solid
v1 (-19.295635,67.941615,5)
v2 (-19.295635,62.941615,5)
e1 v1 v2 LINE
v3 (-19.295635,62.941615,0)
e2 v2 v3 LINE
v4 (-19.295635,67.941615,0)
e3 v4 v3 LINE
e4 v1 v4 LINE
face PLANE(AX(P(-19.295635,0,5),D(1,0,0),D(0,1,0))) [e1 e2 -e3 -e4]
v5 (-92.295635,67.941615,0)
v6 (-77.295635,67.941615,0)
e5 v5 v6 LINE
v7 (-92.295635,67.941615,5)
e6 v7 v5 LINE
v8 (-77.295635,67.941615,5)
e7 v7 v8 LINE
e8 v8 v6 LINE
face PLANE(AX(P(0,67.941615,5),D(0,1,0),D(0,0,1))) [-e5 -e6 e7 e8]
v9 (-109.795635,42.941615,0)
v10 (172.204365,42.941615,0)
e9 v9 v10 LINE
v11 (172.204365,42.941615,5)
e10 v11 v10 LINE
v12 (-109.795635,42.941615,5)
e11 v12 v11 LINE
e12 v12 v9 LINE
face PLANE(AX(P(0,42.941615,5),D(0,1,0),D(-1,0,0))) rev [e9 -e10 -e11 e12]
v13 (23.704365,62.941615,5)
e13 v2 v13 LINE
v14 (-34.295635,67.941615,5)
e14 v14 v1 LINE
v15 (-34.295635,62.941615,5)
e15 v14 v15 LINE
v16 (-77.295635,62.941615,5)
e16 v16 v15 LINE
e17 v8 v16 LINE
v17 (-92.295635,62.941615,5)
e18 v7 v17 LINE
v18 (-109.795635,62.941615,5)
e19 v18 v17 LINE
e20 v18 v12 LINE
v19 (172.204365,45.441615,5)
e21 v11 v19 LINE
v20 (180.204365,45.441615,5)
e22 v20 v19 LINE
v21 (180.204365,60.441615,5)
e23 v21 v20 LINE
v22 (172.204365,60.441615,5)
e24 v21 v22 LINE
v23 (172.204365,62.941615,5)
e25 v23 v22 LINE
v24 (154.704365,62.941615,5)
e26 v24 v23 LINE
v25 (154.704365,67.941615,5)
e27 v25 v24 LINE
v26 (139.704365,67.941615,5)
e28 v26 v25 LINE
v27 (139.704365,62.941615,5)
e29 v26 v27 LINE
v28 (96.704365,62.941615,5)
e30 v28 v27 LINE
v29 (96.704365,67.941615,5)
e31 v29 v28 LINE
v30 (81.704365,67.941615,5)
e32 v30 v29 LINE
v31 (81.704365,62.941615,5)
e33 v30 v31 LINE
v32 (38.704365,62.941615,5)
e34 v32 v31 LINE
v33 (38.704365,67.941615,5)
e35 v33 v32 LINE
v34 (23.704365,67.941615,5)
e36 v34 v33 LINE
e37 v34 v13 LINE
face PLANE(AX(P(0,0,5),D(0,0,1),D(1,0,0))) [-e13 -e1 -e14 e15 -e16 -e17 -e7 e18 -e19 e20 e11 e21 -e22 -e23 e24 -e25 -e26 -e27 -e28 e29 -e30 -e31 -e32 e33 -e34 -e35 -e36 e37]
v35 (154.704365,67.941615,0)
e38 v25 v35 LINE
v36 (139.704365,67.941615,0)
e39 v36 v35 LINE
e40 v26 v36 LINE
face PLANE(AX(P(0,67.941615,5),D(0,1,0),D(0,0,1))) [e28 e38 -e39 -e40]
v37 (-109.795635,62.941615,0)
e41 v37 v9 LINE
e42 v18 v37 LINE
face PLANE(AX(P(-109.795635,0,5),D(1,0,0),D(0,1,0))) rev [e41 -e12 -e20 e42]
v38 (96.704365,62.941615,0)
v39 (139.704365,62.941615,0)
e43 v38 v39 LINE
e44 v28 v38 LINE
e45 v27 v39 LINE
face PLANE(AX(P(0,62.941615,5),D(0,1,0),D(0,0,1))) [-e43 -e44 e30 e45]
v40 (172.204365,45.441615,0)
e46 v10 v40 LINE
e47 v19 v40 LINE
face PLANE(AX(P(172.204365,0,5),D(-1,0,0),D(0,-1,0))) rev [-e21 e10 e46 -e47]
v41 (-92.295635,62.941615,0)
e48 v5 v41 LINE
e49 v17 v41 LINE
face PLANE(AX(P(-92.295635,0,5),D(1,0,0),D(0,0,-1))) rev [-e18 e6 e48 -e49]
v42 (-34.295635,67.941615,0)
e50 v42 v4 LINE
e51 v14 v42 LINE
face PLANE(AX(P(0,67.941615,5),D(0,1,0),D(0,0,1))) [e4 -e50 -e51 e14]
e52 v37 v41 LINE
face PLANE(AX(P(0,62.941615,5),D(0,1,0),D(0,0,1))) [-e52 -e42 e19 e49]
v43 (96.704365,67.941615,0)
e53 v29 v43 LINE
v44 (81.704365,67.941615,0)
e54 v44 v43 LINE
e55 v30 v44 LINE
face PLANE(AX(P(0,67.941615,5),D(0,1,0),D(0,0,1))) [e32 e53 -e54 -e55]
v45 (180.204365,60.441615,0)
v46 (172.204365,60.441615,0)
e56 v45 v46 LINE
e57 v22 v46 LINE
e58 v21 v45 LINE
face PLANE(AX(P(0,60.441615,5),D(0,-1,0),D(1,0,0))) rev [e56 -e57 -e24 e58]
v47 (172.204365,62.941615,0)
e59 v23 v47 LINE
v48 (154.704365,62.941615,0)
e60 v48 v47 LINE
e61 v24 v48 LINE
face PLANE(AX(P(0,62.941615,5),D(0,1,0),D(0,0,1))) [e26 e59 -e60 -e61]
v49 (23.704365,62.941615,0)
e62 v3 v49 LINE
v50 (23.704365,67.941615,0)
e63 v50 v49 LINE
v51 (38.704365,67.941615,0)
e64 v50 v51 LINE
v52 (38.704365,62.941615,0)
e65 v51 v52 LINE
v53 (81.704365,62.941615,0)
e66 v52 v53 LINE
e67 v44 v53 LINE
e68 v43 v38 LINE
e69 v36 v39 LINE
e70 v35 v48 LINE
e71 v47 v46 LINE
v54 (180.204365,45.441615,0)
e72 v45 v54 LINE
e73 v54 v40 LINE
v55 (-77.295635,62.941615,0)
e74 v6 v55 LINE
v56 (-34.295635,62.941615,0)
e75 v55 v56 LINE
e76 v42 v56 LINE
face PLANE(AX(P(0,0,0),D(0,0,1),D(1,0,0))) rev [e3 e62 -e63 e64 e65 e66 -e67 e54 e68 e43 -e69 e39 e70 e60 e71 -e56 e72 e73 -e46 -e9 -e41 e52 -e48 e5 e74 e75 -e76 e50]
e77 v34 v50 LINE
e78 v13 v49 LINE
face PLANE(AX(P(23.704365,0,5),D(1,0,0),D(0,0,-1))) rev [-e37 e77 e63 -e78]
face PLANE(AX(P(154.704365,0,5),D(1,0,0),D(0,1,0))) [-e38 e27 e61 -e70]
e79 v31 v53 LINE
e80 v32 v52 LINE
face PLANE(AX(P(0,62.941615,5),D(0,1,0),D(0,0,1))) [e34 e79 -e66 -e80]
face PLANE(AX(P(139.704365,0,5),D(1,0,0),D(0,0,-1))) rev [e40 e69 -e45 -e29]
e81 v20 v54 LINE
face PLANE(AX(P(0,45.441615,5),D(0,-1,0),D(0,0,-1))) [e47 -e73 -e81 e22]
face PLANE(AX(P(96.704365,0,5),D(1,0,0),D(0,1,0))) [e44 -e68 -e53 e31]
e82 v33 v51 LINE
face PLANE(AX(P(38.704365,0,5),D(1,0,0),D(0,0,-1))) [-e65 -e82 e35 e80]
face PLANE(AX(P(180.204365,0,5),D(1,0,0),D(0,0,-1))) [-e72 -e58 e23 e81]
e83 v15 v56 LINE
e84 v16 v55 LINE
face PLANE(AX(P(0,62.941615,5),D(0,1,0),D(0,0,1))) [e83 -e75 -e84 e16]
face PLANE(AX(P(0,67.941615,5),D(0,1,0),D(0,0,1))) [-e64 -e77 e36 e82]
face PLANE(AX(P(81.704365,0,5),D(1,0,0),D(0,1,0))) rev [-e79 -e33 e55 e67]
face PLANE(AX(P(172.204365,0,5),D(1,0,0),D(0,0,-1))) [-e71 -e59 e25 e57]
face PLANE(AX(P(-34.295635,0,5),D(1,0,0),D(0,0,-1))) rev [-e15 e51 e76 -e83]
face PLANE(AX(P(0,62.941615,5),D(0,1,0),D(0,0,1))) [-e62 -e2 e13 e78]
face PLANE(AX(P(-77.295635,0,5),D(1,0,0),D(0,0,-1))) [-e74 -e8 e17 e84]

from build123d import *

# Parameters (mm, degrees)
BOSS_EXTRU_2_DEPTH = 5


with BuildPart() as part:
    # Esquisse1 → Boss.-Extru.2 (new body)
    with BuildSketch(Plane.XY):
        Polygon((-77.295634555, 67.941614749), (-92.295634555, 67.941614749), (-92.295634555, 62.941614749), (-109.795634555, 62.941614749), (-109.795634555, 42.941614749), (172.204365445, 42.941614749), (172.204365445, 45.441614749), (180.204365445, 45.441614749), (180.204365445, 60.441614749), (172.204365445, 60.441614749), (172.204365445, 62.941614749), (154.704365445, 62.941614749), (154.704365445, 67.941614749), (139.704365445, 67.941614749), (139.704365445, 62.941614749), (96.704365445, 62.941614749), (96.704365445, 67.941614749), (81.704365445, 67.941614749), (81.704365445, 62.941614749), (38.704365445, 62.941614749), (38.704365445, 67.941614749), (23.704365445, 67.941614749), (23.704365445, 62.941614749), (-19.295634555, 62.941614749), (-19.295634555, 67.941614749), (-34.295634555, 67.941614749), (-34.295634555, 62.941614749), (-77.295634555, 62.941614749), align=None)
    extrude(amount=BOSS_EXTRU_2_DEPTH)


solid = part.part
